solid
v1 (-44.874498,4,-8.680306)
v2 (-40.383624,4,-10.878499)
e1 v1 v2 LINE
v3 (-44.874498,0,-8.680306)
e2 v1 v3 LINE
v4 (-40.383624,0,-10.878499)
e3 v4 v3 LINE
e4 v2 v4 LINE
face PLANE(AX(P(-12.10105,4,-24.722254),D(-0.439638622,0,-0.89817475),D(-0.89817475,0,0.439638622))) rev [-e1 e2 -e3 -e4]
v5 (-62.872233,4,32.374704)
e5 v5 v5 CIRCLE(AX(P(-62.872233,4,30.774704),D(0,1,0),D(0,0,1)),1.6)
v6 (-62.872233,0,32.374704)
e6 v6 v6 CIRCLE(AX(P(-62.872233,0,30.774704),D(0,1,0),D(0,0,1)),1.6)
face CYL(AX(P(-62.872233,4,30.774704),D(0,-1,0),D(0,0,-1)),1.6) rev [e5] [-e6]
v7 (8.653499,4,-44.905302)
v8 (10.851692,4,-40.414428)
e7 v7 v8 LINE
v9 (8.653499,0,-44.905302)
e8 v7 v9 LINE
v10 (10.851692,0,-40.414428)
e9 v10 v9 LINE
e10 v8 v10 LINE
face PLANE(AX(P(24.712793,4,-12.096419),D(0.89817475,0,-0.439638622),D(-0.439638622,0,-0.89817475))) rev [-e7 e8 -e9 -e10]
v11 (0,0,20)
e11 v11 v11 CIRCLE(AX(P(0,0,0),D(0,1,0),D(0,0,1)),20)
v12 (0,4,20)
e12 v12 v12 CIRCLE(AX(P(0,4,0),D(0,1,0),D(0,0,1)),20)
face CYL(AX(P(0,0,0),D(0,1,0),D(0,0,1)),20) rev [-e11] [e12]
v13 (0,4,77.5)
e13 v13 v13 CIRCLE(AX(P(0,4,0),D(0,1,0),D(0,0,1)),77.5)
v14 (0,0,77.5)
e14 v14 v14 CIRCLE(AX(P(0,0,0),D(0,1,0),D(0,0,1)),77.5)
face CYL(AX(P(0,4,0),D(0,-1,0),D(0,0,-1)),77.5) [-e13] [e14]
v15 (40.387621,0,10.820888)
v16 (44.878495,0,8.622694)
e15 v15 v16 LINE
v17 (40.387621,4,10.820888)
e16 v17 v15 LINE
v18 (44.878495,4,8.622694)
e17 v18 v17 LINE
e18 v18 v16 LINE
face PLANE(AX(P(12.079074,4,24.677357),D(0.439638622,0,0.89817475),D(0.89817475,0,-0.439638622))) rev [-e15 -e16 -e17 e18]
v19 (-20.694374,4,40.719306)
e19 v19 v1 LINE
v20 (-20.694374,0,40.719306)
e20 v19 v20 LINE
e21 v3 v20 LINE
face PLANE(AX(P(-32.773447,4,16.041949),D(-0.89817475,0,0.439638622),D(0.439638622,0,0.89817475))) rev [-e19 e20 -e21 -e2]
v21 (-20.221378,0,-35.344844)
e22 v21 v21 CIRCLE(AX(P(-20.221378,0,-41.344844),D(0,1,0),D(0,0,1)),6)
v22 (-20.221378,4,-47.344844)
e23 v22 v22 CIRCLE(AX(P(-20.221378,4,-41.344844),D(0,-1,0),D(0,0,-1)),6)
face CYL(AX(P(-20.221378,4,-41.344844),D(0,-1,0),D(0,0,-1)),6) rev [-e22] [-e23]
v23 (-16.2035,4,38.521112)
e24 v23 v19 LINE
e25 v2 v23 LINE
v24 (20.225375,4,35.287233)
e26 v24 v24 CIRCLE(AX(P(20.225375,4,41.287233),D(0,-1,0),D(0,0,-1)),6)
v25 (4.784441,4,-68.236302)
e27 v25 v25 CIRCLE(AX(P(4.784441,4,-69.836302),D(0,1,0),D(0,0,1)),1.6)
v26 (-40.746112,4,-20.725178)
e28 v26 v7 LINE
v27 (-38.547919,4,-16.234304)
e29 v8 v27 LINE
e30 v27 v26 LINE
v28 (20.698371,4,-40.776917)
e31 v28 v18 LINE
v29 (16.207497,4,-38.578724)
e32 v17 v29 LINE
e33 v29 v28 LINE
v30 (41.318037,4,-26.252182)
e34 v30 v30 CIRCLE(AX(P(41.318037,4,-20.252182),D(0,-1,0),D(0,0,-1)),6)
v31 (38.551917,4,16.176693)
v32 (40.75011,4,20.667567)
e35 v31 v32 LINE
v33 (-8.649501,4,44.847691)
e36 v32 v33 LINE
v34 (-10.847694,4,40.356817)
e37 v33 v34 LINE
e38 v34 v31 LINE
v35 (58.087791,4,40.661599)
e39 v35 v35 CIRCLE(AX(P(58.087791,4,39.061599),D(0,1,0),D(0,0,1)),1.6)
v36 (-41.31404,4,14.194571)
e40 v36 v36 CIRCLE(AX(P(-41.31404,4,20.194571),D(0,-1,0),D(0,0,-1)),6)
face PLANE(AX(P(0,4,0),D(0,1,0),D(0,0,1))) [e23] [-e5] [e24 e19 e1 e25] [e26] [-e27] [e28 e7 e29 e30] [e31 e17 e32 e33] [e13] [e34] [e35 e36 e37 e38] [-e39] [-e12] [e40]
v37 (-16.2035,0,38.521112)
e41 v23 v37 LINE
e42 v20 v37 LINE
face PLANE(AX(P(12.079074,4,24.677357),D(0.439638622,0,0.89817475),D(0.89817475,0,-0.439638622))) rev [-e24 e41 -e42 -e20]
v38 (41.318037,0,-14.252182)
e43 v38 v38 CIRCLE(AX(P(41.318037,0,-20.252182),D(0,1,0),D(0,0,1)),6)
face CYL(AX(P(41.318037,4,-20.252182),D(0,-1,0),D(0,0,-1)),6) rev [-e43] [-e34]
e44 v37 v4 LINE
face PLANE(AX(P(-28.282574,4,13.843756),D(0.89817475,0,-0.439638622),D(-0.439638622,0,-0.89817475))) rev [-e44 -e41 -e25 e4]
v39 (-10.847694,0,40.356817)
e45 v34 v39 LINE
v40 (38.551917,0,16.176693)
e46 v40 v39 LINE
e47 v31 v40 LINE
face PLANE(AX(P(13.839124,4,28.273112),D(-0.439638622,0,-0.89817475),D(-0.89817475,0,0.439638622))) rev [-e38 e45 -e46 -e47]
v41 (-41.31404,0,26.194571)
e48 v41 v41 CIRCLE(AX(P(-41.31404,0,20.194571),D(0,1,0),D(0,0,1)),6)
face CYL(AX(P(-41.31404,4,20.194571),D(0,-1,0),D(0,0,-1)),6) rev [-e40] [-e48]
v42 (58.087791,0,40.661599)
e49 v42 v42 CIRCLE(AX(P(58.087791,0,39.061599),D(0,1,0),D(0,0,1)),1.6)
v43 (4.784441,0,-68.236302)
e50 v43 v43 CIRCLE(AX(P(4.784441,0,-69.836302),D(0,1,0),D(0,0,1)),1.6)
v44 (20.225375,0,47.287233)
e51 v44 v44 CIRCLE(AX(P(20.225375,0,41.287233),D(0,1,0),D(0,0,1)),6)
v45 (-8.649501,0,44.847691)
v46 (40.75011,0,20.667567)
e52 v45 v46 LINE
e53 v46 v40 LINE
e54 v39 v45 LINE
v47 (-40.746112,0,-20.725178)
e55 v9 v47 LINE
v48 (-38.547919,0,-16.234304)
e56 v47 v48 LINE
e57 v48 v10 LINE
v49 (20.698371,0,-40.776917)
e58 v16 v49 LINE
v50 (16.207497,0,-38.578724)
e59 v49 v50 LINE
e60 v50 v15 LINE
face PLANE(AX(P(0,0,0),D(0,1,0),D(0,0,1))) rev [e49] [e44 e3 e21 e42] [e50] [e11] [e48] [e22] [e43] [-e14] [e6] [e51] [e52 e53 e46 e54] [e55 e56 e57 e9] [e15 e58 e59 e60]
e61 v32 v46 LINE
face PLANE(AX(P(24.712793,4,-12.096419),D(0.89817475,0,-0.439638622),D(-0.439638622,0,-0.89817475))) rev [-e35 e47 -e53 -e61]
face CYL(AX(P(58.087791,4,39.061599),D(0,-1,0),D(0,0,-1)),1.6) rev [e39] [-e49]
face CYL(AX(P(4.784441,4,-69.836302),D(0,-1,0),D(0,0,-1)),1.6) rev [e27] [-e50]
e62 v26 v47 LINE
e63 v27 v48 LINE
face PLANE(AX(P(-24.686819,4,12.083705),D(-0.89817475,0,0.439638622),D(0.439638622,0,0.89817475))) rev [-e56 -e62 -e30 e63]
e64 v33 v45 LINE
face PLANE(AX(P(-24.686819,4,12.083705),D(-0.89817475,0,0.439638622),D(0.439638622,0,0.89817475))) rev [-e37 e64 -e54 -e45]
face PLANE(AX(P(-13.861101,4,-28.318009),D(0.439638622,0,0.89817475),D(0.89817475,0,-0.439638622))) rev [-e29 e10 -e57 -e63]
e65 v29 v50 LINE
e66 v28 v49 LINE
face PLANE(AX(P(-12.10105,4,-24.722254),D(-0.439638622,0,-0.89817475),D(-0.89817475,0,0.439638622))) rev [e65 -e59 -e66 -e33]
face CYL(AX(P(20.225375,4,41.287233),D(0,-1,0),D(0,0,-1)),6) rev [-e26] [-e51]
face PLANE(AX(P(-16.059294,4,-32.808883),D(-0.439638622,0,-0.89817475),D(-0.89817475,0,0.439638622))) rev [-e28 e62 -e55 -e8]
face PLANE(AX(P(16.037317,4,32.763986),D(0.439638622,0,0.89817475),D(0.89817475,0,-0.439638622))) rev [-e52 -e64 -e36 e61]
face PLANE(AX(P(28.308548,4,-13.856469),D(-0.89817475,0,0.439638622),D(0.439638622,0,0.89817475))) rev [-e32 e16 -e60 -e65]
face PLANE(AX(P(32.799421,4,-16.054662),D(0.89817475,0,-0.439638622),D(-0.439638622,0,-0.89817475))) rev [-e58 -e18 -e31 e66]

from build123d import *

# Parameters (mm, degrees)
SKETCH_1_R               = 77.5
SKETCH_1_R_2             = 1.6
EXTRUDE_1_DEPTH          = 4
CUT_EXTRUDE_2_DEPTH      = 110.674518463
CUT_EXTRUDE_2_DEPTH_BACK = 110.674518463
SKETCH_3_R               = 20
CUT_EXTRUDE_3_DEPTH      = 110.674518463
CUT_EXTRUDE_3_DEPTH_BACK = 110.674518463
SKETCH_4_R               = 6


with BuildPart() as part:
    # 草图1 → 凸台-拉伸1 (new body)
    with BuildSketch(Plane(origin=(0, 0, 0), x_dir=(1, 0, 0), z_dir=(0, 1, 0))):
        with Locations(Location((0, 0, 0), (0, 0, 270))):
            Circle(SKETCH_1_R)
        with Locations(Location((4.784441198, 69.836302325, 0), (0, 0, 270))):
            Circle(SKETCH_1_R_2, mode=Mode.SUBTRACT)
        with Locations(Location((-62.872232519, -30.774703542, 0), (0, 0, 270))):
            Circle(SKETCH_1_R_2, mode=Mode.SUBTRACT)
        with Locations(Location((58.087791321, -39.061598783, 0), (0, 0, 270))):
            Circle(SKETCH_1_R_2, mode=Mode.SUBTRACT)
    extrude(amount=EXTRUDE_1_DEPTH)

    # 草图3 → 切除-拉伸2 (cut, two sides: drawn at the far end of the back side and taken through both)
    with BuildSketch(Plane(origin=(0, 4, 0), x_dir=(1, 0, 0), z_dir=(0, 1, 0)).offset(-CUT_EXTRUDE_2_DEPTH_BACK)):
        with Locations(Location((0, 0, 0), (0, 0, 270))):
            Circle(SKETCH_3_R)
    extrude(amount=CUT_EXTRUDE_2_DEPTH + CUT_EXTRUDE_2_DEPTH_BACK, mode=Mode.SUBTRACT)

    # 草图4 → 切除-拉伸3 (cut, two sides: drawn at the far end of the back side and taken through both)
    with BuildSketch(Plane.XZ.offset(-CUT_EXTRUDE_3_DEPTH_BACK)):
        with Locations(Location((-41.314039797, 20.194571008, 0), (0, 0, 270))):
            Circle(SKETCH_4_R)
        Polygon((-20.69437357, 40.719305585), (-44.874497782, -8.680305679), (-40.383624031, -10.87849879), (-16.203499819, 38.521112475), align=None)
        Polygon((-10.847694468, 40.35681714), (13.852111164, 28.266755034), (16.050304274, 32.757628786), (-8.649501358, 44.847690892), align=None)
        with Locations(Location((20.225375329, 41.287232906, 0), (0, 0, 270))):
            Circle(SKETCH_4_R)
        Polygon((13.852111164, 28.266755034), (38.551916796, 16.176692928), (40.750109907, 20.66756668), (16.050304274, 32.757628786), align=None)
        Polygon((20.698371001, -40.776916797), (44.878495213, 8.622694468), (40.387621462, 10.820887578), (16.20749725, -38.578723687), align=None)
        with Locations(Location((41.318037228, -20.252182219, 0), (0, 0, 270))):
            Circle(SKETCH_4_R)
        Polygon((-40.746112475, -20.725177891), (8.653498789, -44.905302103), (10.851691899, -40.414428352), (-38.547919365, -16.23430414), align=None)
        with Locations(Location((-20.221377898, -41.344844118, 0), (0, 0, 270))):
            Circle(SKETCH_4_R)
    extrude(amount=CUT_EXTRUDE_3_DEPTH + CUT_EXTRUDE_3_DEPTH_BACK, mode=Mode.SUBTRACT)


solid = part.part
